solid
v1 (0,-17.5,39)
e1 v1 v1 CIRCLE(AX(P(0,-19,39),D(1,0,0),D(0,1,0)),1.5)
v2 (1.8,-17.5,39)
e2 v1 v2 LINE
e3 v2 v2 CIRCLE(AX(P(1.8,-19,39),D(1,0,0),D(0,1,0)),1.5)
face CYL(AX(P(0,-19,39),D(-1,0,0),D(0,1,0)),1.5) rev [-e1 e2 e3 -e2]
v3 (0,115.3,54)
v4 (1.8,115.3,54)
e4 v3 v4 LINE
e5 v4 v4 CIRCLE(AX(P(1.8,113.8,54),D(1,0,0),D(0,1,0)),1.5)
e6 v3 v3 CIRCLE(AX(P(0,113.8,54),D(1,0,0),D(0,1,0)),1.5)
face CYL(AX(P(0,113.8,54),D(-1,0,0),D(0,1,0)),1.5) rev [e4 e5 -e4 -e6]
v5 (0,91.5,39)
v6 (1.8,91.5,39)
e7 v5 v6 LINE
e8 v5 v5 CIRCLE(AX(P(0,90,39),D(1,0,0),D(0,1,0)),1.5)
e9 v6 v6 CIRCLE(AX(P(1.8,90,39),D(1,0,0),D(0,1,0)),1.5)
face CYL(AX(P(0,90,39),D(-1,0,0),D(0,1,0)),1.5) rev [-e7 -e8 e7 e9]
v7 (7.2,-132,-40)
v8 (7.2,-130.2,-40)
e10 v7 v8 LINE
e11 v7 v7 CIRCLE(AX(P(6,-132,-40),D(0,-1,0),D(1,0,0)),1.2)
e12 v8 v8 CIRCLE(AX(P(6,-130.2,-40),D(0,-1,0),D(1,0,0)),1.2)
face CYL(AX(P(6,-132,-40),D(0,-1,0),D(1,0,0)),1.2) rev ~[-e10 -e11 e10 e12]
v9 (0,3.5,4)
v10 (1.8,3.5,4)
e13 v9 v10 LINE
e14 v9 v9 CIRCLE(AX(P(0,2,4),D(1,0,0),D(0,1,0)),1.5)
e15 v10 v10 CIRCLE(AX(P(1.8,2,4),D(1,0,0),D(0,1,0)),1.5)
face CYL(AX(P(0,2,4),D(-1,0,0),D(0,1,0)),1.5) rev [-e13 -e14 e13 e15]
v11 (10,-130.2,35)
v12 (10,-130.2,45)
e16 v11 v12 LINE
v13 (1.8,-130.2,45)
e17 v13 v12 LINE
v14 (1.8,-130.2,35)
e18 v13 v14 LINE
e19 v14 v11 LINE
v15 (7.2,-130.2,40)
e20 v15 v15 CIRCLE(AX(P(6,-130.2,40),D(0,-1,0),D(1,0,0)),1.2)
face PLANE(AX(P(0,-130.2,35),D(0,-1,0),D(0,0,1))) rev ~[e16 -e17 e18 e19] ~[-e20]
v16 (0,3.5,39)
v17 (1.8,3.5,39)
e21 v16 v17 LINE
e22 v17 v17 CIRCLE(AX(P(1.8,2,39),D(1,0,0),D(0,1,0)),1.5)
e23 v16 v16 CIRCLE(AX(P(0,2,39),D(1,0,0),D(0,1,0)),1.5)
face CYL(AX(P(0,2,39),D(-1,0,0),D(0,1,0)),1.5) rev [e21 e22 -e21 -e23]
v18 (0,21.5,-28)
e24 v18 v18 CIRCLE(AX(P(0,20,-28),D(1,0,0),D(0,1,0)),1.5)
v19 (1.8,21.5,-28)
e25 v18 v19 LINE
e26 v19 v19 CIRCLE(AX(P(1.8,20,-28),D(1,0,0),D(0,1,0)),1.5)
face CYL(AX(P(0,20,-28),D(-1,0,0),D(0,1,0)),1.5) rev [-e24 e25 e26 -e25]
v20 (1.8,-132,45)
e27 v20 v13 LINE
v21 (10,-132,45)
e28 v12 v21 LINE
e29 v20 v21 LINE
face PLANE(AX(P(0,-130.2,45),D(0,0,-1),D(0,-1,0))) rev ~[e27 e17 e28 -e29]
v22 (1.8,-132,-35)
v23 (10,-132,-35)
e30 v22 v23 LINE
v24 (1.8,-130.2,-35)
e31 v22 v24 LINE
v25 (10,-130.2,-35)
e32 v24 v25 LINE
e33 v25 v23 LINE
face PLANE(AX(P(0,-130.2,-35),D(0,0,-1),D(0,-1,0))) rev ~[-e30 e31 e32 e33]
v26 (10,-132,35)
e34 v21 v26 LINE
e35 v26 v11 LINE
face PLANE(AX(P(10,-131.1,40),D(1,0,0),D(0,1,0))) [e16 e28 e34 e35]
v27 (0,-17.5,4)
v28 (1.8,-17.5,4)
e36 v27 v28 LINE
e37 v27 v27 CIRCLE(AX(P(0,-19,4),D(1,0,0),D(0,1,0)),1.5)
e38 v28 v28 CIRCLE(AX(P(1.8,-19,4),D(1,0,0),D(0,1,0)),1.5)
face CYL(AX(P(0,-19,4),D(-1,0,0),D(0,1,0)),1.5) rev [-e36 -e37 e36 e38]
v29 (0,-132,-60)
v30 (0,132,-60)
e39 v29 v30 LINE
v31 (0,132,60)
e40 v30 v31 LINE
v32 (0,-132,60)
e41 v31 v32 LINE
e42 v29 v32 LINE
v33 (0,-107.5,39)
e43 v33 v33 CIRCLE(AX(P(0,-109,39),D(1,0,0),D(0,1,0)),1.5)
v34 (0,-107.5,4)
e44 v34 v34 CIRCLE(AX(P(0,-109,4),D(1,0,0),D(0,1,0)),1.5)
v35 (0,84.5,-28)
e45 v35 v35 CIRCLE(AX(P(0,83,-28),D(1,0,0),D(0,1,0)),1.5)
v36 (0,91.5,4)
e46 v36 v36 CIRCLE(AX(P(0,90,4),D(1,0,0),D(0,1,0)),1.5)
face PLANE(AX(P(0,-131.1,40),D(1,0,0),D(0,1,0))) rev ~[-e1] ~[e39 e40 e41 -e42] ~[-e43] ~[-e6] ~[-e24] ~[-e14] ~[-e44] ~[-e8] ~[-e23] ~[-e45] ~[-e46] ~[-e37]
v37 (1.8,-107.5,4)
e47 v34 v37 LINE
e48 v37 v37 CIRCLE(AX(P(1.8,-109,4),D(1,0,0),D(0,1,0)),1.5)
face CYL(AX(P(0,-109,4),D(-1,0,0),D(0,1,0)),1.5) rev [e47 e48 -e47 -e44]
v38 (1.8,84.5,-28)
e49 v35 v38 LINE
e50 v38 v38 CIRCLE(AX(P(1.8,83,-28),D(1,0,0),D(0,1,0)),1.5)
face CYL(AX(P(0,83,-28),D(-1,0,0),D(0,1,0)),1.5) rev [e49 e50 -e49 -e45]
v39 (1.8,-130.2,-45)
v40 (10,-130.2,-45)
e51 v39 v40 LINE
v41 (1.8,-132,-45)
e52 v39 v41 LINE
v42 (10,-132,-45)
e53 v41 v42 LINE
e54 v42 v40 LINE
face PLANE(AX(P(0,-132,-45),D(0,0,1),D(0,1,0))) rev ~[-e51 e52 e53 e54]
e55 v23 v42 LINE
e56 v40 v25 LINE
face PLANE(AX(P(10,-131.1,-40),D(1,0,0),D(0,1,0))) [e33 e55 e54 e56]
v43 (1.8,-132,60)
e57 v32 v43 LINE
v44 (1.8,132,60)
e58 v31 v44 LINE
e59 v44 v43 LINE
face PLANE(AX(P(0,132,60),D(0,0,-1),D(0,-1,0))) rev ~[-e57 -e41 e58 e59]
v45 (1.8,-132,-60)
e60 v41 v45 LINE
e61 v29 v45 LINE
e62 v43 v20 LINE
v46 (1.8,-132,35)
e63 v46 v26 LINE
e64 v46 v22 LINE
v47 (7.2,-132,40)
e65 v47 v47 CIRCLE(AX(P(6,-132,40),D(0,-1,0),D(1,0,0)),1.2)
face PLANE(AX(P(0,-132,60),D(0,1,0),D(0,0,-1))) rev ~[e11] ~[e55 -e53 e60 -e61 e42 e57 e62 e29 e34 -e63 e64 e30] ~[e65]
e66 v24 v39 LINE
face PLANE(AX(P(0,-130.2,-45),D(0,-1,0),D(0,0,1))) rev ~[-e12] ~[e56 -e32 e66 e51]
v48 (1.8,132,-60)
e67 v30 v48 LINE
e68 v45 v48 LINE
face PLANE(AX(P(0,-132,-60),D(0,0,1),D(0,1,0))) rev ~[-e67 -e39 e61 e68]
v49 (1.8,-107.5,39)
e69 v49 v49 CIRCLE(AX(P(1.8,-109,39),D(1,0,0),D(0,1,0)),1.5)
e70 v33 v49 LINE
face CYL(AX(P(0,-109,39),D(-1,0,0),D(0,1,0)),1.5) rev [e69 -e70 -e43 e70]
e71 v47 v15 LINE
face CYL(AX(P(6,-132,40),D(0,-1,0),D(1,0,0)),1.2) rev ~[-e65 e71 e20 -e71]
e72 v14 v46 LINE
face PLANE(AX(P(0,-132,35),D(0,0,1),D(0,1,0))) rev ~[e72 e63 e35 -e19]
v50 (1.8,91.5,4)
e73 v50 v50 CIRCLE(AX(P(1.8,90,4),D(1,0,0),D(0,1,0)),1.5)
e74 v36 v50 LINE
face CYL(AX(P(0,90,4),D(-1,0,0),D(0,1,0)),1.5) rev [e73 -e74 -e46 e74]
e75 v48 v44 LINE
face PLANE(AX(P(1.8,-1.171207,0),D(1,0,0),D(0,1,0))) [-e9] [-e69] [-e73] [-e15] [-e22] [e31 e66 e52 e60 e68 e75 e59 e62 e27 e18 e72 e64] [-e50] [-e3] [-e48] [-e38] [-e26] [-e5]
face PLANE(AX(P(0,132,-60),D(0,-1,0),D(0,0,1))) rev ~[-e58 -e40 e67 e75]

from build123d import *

# Parameters (mm, degrees)
F0_R     = 1.5
F1_DEPTH = 1.8
F2_DEPTH = 10
F3_R     = 1.2
F4_DEPTH = 264.001


with BuildPart() as f1:
    # F0 (on Right) → F1 (new body)
    with BuildSketch(Plane.YZ):
        Polygon((-132, -60), (132, -60), (132, 60), (-132, 60), (-132, 45), (-130.2, 45), (-130.2, 40), (-130.2, 35), (-132, 35), (-132, -35), (-130.2, -35), (-130.2, -40), (-130.2, -45), (-132, -45), align=None)
        with Locations((20, -28)):
            Circle(F0_R, mode=Mode.SUBTRACT)
        with Locations((83, -28)):
            Circle(F0_R, mode=Mode.SUBTRACT)
        with Locations((-109, 4)):
            Circle(F0_R, mode=Mode.SUBTRACT)
        with Locations((-19, 4)):
            Circle(F0_R, mode=Mode.SUBTRACT)
        with Locations((-109, 39)):
            Circle(F0_R, mode=Mode.SUBTRACT)
        with Locations((-19, 39)):
            Circle(F0_R, mode=Mode.SUBTRACT)
        with Locations((2, 4)):
            Circle(F0_R, mode=Mode.SUBTRACT)
        with Locations((90, 4)):
            Circle(F0_R, mode=Mode.SUBTRACT)
        with Locations((2, 39)):
            Circle(F0_R, mode=Mode.SUBTRACT)
        with Locations((90, 39)):
            Circle(F0_R, mode=Mode.SUBTRACT)
        with Locations((113.8, 54)):
            Circle(F0_R, mode=Mode.SUBTRACT)
        Polygon((-130.2, 45), (-132, 45), (-132, 35), (-130.2, 35), (-130.2, 40), align=None)
        Polygon((-132, -35), (-132, -45), (-130.2, -45), (-130.2, -40), (-130.2, -35), align=None)
    extrude(amount=F1_DEPTH)

    # F0 (on Right) → F2 (join)
    with BuildSketch(Plane.YZ):
        Polygon((-130.2, 45), (-132, 45), (-132, 35), (-130.2, 35), (-130.2, 40), align=None)
        Polygon((-132, -35), (-132, -45), (-130.2, -45), (-130.2, -40), (-130.2, -35), align=None)
    extrude(amount=F2_DEPTH)

    # F3 (on face) → F4 (cut, through all)
    with BuildSketch(Plane.XZ.offset(132)):
        with Locations((6, 40)):
            Circle(F3_R)
        with Locations((6, -40)):
            Circle(F3_R)
    extrude(amount=-F4_DEPTH, mode=Mode.SUBTRACT)


solid = f1.part
